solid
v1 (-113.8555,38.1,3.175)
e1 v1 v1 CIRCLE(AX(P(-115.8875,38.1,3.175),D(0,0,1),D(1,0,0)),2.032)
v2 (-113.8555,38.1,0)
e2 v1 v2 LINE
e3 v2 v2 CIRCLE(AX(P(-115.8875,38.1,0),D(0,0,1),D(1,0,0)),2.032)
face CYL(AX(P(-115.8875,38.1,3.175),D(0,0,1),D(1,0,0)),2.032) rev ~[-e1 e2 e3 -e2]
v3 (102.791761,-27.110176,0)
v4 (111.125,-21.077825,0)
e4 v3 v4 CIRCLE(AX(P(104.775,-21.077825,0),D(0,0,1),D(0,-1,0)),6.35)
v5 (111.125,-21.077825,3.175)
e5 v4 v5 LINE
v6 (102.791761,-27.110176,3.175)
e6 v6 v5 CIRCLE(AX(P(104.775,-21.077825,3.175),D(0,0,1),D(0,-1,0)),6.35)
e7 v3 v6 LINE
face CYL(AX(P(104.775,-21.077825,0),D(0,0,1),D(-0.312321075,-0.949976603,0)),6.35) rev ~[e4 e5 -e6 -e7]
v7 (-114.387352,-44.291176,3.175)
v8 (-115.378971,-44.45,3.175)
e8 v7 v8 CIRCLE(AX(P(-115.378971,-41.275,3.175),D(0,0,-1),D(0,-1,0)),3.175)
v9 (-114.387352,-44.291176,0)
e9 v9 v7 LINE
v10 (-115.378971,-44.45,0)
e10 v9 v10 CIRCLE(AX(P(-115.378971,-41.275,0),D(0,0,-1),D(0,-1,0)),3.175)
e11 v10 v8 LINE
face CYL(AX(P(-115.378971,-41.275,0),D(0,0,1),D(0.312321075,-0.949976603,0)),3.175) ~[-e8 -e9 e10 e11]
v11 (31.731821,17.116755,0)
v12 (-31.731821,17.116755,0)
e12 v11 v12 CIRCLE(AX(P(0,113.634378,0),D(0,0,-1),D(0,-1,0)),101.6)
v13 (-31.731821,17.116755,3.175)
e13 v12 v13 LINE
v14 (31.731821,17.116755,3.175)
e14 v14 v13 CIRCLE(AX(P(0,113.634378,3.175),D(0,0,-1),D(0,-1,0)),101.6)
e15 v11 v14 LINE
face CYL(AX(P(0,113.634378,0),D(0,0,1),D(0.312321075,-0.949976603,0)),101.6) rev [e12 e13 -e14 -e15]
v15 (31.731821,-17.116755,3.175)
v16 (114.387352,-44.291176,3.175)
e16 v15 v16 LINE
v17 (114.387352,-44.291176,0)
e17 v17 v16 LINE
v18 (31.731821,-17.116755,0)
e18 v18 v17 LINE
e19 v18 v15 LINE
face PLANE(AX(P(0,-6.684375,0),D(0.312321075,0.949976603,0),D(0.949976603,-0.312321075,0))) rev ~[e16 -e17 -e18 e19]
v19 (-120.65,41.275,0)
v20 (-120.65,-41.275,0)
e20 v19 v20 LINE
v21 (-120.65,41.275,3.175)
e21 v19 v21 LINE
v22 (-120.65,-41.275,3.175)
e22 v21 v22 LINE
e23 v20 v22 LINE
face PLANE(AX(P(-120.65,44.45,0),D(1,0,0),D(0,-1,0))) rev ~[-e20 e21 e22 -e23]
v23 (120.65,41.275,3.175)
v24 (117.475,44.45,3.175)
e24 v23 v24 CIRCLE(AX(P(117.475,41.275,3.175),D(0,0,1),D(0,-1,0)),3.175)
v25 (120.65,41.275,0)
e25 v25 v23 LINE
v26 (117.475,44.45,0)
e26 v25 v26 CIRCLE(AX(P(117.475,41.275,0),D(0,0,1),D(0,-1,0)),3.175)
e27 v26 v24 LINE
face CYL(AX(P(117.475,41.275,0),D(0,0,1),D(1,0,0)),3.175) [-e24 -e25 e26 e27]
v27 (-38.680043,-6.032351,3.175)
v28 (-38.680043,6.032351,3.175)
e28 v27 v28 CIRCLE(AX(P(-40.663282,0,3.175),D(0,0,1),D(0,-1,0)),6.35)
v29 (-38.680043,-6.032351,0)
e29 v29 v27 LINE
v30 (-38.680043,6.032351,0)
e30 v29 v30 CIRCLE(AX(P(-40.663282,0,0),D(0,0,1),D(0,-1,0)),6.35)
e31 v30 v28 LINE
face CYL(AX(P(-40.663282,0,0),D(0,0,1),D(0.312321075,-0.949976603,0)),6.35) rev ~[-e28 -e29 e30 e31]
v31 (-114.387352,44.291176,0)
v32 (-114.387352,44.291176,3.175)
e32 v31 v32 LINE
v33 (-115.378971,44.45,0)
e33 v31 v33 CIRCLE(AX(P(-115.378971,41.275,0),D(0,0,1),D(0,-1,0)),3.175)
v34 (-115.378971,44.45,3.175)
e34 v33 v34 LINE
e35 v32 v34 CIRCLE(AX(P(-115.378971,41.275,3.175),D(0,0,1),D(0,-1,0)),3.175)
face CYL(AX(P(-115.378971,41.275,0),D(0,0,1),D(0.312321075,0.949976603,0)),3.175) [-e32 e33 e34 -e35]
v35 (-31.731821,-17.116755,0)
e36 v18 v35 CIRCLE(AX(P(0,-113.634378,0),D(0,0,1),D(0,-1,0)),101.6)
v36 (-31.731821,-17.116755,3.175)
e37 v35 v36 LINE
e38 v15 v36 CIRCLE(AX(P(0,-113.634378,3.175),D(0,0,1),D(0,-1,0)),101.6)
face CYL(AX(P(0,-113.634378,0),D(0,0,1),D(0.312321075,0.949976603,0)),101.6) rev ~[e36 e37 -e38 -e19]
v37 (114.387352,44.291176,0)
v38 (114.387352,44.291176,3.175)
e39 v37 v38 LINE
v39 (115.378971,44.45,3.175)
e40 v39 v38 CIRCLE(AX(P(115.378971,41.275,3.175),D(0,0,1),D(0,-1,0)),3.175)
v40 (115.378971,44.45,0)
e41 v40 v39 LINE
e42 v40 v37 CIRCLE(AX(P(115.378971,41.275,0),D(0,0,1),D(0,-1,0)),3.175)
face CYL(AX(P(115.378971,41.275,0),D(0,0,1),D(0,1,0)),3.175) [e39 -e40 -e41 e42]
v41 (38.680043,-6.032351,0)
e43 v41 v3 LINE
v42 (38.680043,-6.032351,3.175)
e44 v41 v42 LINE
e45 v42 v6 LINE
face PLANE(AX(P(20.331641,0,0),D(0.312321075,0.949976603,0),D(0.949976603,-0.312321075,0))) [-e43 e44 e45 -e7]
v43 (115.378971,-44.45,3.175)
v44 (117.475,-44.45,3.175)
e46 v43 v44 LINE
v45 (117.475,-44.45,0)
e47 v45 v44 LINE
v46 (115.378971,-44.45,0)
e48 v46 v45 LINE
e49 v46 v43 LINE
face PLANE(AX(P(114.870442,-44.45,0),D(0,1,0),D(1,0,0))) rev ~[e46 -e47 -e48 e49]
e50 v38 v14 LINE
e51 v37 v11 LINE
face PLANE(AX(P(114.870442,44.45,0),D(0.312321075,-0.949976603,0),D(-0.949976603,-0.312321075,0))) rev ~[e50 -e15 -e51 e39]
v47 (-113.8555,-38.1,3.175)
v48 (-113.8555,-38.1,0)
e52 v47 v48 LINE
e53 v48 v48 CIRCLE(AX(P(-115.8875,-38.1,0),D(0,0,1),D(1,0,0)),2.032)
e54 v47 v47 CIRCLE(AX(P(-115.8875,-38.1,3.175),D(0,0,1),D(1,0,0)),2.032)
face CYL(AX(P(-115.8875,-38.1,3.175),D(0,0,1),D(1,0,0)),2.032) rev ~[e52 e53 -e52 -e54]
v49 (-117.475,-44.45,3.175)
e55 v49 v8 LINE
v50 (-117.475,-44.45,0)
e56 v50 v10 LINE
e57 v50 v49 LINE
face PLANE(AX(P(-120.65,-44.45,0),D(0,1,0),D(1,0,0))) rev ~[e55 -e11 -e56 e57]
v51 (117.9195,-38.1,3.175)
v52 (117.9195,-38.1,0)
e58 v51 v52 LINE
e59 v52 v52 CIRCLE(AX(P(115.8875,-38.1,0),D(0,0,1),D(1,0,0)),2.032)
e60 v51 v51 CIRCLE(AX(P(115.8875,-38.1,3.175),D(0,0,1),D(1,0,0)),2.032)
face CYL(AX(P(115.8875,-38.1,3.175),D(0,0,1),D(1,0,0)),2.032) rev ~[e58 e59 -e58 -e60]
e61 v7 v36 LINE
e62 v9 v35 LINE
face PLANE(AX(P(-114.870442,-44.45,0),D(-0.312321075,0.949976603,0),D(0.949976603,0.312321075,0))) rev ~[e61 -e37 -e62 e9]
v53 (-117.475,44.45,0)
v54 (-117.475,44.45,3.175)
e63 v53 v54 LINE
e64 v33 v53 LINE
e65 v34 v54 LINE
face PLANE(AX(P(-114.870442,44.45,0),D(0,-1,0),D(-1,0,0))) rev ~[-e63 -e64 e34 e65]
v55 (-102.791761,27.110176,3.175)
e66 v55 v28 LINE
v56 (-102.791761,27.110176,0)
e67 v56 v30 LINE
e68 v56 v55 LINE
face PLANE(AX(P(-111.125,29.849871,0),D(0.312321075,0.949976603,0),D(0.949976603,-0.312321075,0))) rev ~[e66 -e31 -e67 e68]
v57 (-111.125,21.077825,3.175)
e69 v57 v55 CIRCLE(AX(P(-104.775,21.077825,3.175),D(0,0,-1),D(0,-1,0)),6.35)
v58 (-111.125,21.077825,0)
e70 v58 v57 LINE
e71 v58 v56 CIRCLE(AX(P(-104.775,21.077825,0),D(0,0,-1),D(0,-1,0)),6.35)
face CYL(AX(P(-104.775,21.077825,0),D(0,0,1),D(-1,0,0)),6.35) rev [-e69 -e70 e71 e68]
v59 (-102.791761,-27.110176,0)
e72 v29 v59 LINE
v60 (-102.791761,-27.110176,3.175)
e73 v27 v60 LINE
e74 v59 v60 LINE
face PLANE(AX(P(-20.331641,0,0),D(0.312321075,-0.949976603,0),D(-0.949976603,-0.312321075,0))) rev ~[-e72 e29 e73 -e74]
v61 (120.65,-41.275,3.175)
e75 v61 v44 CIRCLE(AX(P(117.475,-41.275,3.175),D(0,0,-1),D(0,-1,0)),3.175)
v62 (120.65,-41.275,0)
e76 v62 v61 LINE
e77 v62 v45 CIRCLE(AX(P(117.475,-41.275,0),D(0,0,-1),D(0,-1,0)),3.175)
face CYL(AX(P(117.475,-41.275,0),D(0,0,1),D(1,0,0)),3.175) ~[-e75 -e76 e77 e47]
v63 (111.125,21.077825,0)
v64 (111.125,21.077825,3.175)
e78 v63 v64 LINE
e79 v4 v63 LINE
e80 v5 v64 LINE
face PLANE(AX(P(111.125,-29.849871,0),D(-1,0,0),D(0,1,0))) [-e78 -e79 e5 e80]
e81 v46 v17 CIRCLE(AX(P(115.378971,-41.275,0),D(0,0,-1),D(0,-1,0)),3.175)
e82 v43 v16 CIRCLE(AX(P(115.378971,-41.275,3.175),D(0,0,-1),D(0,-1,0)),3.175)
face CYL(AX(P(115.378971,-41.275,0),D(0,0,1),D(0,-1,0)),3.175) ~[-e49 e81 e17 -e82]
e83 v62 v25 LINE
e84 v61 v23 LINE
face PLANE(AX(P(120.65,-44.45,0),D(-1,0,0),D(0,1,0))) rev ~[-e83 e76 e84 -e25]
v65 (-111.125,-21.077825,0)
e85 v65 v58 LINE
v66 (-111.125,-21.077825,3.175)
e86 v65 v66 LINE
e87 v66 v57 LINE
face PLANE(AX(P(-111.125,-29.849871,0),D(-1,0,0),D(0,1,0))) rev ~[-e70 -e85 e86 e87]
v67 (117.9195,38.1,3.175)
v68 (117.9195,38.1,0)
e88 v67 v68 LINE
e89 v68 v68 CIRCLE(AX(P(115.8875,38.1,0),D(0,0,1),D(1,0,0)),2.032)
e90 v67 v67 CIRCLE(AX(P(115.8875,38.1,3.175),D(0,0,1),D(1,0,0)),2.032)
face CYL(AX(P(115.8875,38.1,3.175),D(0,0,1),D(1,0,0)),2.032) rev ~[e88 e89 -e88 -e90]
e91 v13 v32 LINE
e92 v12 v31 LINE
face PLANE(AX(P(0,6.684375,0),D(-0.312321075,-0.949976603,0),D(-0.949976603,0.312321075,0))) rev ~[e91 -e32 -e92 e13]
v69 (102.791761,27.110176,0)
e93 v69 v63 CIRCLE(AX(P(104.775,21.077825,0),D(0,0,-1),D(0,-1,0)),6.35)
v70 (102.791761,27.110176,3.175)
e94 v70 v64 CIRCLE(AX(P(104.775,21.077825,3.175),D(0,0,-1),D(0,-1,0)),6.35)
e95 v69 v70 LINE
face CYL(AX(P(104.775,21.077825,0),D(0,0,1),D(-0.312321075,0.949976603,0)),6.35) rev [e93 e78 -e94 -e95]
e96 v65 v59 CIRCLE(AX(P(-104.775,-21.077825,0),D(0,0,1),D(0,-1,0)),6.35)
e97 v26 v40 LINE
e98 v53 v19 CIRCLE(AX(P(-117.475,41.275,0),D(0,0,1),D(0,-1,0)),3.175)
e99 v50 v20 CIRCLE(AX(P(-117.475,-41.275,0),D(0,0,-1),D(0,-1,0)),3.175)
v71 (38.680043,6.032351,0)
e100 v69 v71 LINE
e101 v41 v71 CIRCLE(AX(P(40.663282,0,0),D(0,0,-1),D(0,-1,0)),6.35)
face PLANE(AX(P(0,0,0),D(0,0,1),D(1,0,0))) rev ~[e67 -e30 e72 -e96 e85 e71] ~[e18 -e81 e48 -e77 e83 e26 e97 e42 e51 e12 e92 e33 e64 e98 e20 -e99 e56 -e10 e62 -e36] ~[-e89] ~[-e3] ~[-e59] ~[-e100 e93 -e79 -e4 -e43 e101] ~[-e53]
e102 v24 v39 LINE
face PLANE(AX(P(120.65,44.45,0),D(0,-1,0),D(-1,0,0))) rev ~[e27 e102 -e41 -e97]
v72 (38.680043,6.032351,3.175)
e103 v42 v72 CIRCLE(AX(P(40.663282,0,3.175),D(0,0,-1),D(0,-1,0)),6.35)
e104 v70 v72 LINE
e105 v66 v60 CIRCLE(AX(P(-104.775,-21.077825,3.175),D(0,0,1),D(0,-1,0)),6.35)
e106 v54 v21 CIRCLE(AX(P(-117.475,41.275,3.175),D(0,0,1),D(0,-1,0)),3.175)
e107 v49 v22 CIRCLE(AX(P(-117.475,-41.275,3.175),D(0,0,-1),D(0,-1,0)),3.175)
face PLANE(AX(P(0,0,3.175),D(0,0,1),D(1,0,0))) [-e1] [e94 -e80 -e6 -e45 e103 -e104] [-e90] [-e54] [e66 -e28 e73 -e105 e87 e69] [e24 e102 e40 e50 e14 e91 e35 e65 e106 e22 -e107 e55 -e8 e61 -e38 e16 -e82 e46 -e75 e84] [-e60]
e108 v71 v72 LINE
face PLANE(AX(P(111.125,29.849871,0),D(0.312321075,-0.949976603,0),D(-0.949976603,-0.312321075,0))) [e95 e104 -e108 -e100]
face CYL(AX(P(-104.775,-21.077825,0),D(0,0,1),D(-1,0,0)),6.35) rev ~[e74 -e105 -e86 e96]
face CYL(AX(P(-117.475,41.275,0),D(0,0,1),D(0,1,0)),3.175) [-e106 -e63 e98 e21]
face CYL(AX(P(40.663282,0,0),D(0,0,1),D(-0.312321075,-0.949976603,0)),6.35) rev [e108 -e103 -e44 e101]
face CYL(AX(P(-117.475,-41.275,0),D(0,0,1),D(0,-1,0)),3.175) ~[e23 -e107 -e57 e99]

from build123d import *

# Parameters (mm, degrees)
BOSS_EXTRUDE1_DEPTH = 3.175
SKETCH3_R           = 2.032
CUT_EXTRUDE1_DEPTH  = 129.616894788
FILLET1_R           = 3.175
FILLET2_R           = 101.6
FILLET3_R           = 6.35


with BuildPart() as part:
    # Sketch2 → Boss-Extrude1 (new body)
    with BuildSketch(Plane.XY):
        Polygon((120.65, -44.45), (120.65, 44.45), (114.870442245, 44.45), (0, 6.684375152), (-114.870442245, 44.45), (-120.65, 44.45), (-120.65, -44.45), (-114.870442245, -44.45), (0, -6.684375152), (114.870442245, -44.45), align=None)
        Polygon((-111.125, 29.849871423), (-20.331641088, 0), (-111.125, -29.849871423), align=None, mode=Mode.SUBTRACT)
        Polygon((20.331641088, 0), (111.125, -29.849871423), (111.125, 29.849871423), align=None, mode=Mode.SUBTRACT)
    extrude(amount=BOSS_EXTRUDE1_DEPTH)

    # Sketch3 → Cut-Extrude1 (cut, through all)
    with BuildSketch(Plane.XY.offset(3.175)):
        with Locations((-115.8875, 38.1)):
            Circle(SKETCH3_R)
        with Locations((-115.8875, -38.1)):
            Circle(SKETCH3_R)
        with Locations((115.8875, 38.1)):
            Circle(SKETCH3_R)
        with Locations((115.8875, -38.1)):
            Circle(SKETCH3_R)
    extrude(amount=-CUT_EXTRUDE1_DEPTH, mode=Mode.SUBTRACT)

    # Fillet1
    fillet1_edges = [part.edges().sort_by_distance(p)[0] for p in [
        (114.870442245, -44.45, 1.5875),
        (-114.870442245, -44.45, 1.5875),
        (-120.65, -44.45, 1.5875),
        (-120.65, 44.45, 1.5875),
        (-114.870442245, 44.45, 1.5875),
        (114.870442245, 44.45, 1.5875),
        (120.65, 44.45, 1.5875),
        (120.65, -44.45, 1.5875),
    ]]
    fillet(fillet1_edges, radius=FILLET1_R)

    # Fillet2
    fillet2_edges = [part.edges().sort_by_distance(p)[0] for p in [
        (0, -6.684375152, 1.5875),
        (0, 6.684375152, 1.5875),
    ]]
    fillet(fillet2_edges, radius=FILLET2_R)

    # Fillet3
    fillet3_edges = [part.edges().sort_by_distance(p)[0] for p in [
        (-111.125, -29.849871423, 1.5875),
        (-20.331641088, 0, 1.5875),
        (-111.125, 29.849871423, 1.5875),
        (111.125, -29.849871423, 1.5875),
        (111.125, 29.849871423, 1.5875),
        (20.331641088, 0, 1.5875),
    ]]
    fillet(fillet3_edges, radius=FILLET3_R)


solid = part.part
